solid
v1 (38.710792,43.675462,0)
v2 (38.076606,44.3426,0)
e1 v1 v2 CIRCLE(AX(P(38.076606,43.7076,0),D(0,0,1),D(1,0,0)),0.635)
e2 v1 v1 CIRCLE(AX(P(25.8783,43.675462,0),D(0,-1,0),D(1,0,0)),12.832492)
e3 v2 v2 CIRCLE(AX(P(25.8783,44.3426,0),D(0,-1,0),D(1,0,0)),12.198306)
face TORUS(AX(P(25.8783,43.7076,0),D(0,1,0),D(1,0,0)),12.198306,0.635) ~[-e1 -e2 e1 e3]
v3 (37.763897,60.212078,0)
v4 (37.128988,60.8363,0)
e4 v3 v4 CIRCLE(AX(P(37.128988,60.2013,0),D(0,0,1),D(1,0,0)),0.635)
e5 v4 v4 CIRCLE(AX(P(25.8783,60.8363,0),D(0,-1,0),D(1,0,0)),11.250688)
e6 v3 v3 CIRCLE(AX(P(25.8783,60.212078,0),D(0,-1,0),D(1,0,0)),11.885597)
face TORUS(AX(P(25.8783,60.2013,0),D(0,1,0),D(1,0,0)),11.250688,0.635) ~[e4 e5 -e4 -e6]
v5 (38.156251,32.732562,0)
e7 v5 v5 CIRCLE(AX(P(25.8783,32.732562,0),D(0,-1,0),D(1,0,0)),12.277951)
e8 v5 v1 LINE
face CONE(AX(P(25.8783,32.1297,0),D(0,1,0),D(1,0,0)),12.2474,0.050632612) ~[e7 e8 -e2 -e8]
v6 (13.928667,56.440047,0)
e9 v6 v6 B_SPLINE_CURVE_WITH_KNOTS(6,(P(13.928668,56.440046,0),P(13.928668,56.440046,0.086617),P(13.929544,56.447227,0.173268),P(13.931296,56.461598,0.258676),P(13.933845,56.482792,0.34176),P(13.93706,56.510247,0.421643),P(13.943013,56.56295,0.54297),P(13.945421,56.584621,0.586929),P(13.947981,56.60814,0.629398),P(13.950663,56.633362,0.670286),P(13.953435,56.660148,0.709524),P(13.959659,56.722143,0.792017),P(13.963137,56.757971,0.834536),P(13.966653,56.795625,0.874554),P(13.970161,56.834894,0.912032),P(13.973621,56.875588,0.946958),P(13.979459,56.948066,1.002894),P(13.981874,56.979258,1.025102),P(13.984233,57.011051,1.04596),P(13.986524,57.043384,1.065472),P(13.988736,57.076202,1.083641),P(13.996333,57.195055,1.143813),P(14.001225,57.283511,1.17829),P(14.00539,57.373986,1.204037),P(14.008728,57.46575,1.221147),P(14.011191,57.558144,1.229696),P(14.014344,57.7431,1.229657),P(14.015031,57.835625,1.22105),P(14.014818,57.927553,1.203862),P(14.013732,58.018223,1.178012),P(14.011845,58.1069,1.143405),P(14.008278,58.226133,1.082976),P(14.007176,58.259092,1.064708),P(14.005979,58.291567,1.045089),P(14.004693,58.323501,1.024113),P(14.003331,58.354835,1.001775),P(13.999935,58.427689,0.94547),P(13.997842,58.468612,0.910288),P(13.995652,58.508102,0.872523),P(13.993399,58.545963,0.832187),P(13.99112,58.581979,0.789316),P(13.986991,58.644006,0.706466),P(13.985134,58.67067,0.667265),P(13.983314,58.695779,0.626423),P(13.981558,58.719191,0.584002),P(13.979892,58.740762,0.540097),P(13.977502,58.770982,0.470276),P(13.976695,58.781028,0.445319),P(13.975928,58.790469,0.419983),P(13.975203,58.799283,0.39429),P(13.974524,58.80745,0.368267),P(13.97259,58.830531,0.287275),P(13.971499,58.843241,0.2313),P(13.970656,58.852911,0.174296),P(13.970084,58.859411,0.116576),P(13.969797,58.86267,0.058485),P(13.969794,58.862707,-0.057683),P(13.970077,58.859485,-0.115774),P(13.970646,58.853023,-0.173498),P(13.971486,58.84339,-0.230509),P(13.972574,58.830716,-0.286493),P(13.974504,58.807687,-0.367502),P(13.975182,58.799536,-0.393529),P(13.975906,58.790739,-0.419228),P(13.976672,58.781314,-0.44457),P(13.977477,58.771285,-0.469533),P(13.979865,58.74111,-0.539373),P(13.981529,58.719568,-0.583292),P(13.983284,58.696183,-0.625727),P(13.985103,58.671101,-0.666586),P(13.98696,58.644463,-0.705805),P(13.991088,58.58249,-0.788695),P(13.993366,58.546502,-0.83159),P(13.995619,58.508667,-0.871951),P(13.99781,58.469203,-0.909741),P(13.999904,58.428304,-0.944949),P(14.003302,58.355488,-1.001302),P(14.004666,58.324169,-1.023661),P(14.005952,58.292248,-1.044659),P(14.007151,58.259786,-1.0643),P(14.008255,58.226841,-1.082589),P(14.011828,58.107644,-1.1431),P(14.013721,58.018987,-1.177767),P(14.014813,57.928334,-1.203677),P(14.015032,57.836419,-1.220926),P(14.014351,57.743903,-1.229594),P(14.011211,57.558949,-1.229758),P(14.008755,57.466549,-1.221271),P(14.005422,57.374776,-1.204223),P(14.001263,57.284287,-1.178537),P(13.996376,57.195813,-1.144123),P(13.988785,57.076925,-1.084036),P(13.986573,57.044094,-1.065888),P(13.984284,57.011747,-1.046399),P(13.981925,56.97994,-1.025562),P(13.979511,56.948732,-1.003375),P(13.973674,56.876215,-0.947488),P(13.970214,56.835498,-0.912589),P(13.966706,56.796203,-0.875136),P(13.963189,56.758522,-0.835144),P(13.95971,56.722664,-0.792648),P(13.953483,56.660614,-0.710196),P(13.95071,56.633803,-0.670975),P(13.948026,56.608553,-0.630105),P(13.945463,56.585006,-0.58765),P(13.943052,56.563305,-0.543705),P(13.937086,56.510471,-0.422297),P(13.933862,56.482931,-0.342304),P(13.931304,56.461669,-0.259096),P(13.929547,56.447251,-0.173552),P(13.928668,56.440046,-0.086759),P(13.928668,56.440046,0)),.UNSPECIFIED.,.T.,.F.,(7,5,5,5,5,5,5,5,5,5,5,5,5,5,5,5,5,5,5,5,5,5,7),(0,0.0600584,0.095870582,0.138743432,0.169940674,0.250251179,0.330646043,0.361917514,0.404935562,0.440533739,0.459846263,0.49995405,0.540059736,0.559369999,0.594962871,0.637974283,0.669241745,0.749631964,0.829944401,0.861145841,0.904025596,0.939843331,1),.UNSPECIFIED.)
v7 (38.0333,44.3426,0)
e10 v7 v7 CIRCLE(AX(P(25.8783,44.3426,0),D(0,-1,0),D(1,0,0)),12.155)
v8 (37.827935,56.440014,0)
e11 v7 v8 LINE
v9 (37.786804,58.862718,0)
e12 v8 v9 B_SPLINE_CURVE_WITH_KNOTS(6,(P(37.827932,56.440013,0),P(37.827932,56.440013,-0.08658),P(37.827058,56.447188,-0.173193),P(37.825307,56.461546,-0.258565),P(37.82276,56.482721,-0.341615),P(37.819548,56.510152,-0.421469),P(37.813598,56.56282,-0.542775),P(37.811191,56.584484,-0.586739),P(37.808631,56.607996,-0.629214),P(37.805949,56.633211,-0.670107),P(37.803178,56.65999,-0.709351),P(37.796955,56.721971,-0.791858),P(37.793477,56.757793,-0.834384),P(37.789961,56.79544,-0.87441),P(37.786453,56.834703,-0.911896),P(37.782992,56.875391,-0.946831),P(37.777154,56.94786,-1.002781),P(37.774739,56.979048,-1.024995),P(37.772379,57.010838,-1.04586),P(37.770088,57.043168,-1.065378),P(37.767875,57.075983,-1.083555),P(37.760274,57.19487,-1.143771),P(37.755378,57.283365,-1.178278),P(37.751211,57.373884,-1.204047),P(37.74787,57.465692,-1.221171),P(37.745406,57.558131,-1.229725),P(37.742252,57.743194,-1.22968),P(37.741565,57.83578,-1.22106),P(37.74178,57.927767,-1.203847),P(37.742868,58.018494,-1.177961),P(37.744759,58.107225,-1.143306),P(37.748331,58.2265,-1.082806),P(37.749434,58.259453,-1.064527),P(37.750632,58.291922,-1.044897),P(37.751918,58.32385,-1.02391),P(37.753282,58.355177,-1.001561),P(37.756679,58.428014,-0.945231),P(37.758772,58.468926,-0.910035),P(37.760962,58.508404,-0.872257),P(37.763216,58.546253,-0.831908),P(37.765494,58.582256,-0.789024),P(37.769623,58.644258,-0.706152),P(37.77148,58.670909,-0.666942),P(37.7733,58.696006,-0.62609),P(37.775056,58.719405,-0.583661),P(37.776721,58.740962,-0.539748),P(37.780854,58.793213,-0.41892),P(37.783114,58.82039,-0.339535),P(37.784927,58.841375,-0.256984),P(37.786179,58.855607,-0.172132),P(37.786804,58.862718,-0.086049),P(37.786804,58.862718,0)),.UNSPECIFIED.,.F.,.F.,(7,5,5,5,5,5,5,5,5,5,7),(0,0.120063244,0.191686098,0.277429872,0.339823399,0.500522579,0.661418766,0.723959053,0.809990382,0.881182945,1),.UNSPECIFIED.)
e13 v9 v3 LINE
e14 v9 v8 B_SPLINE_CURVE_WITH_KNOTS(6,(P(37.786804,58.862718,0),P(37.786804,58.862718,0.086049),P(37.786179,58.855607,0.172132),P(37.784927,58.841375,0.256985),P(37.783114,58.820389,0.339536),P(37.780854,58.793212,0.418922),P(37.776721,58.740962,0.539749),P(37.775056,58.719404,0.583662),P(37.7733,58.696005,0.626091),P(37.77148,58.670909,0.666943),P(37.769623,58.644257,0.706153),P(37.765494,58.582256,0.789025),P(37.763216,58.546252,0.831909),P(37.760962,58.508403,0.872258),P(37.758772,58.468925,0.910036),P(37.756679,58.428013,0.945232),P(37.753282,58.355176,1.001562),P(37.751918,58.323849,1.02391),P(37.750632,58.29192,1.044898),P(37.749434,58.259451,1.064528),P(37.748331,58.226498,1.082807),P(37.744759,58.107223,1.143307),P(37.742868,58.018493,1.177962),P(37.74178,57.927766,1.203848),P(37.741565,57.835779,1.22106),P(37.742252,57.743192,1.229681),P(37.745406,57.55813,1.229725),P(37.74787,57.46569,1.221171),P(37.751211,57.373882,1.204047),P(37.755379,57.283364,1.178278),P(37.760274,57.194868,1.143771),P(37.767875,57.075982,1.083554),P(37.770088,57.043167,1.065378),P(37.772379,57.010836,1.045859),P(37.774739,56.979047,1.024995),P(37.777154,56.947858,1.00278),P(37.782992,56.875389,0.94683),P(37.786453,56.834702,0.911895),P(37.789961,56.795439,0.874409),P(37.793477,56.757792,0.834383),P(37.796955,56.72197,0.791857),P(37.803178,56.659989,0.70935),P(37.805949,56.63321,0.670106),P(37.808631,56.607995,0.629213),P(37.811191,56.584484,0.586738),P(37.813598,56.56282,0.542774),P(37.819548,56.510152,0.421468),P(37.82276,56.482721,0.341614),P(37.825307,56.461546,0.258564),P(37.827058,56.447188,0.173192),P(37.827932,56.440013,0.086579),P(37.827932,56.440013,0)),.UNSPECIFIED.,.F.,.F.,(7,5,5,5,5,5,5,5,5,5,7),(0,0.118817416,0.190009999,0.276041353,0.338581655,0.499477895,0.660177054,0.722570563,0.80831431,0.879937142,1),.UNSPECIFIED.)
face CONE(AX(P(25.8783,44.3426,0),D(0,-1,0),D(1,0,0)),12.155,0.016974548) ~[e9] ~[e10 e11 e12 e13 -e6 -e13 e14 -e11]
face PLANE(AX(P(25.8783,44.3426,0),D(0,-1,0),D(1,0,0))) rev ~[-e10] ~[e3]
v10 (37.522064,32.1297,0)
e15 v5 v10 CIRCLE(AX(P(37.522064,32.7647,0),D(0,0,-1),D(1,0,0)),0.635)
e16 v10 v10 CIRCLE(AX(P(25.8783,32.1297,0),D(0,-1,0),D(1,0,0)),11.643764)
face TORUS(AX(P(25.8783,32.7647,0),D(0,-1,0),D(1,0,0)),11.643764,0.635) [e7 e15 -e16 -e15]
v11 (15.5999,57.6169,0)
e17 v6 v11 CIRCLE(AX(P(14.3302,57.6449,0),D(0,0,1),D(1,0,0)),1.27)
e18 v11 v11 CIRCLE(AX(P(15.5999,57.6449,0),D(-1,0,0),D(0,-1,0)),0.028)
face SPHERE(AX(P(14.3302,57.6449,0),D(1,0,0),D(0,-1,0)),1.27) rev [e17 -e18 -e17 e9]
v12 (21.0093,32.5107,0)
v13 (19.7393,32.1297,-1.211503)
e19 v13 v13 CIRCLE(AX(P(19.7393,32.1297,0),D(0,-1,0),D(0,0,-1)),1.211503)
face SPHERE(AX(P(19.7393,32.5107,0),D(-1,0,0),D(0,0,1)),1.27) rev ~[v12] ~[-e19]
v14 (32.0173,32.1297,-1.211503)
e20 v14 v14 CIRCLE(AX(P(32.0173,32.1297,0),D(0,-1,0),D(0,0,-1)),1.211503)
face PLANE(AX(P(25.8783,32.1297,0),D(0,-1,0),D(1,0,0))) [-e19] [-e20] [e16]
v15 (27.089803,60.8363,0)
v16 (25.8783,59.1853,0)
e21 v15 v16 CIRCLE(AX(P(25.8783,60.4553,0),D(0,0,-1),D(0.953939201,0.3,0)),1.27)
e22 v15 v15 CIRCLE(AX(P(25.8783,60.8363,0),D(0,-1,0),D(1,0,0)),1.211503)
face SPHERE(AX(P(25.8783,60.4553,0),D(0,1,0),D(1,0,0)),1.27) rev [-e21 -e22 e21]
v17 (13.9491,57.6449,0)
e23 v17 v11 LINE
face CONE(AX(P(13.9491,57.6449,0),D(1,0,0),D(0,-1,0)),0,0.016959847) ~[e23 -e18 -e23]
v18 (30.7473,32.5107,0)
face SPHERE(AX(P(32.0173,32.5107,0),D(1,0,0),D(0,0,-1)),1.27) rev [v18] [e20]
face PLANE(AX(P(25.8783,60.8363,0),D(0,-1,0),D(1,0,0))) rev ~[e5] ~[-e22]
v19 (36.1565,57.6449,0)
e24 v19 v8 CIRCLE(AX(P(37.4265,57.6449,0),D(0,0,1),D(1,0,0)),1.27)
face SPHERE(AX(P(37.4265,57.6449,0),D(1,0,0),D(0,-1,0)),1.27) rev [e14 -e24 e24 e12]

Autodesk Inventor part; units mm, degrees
ref_plane "YZ Plane" through (0, 0, 0) normal (1, 0, 0) x (0, 1, 0)
ref_plane "XZ Plane" through (0, 0, 0) normal (0, 1, 0) x (-1, 0, 0)
sketch "Sketch1" plane through (0, 0, 0) normal (0, 0, 1) x (1, 0, 0)
  line L0 (3.6486, 85.3502) -> (47.5906, 85.3502) construction
  line L1 (47.5906, 85.3502) -> (47.5906, 3.7437) construction
  line L2 (47.5906, 3.7437) -> (3.6486, 3.7437) construction
  line L3 (3.6486, 3.7437) -> (3.6486, 85.3502) construction
  line L4 (38.1257, 32.1297) -> (38.7446, 44.3426)
  line L5 (38.0333, 44.3426) -> (37.7533, 60.8363)
  line L6 (25.8783, 44.547) -> (25.8783, 32.1297)
  line L7 (25.8783, 60.8363) -> (25.8783, 44.547)
  line L8 (38.1257, 32.1297) -> (25.8783, 32.1297)
  line L9 (37.7533, 60.8363) -> (25.8783, 60.8363)
  line L10 (38.7446, 44.3426) -> (25.8783, 44.3426)
  circle A0 centre (25.8783, 60.4553) radius 1.27
  point P0 (0, 0)
  point P1 (27.0898, 60.8363)
  point P2 (25.8783, 59.1853)
  dimension "d4" = 43.942
  dimension "d25" = 0.7112
  dimension "d37" = 2.54
  dimension "d43" = 0.381
revolve "Revolution2" add sketch "Sketch1" angle 360 about axis through (25.8783, 60.8363, 0) along (0, -1, 0) contours L8 L6 L10 L4 | L10 L6 L7 A0 L9 L5
fillet "Fillet1" radius 0.635 1 edges at (13.012, 44.3426, 0)
fillet "Fillet2" radius 0.635 1 edges at (13.631, 32.1297, 0)
fillet "Fillet3" radius 0.635 1 edges at (14.0033, 60.8363, 0)
ref_plane "Work Plane1" through (25.8783, 32.5107, 0) normal (0, -1, 0) x (1, 0, 0)
sketch "Sketch4" plane through (25.8783, 32.5107, 0) normal (0, -1, 0) x (1, 0, 0)
  line L0 (0, 0) -> (-12.2779, 0)
  circle A0 centre (0, 0) radius 12.2779 projected
  circle A1 centre (-6.139, 0) radius 1.27
  line L1 (0, 0) -> (12.2779, 0)
  circle A2 centre (6.139, 0) radius 1.27
  point P0 (-25.8783, 0)
  point P1 (-7.409, 0)
  point P2 (-4.869, 0)
  point P3 (7.409, 0)
  point P4 (4.869, 0)
  dimension "d49" = 2.54
revolve "Revolution4" cut sketch "Sketch4" angle 360 about axis through (25.8783, 32.5107, 0) along (-1, 0, 0) picked at (-5.8098, 0.382) picked at (5.7642, -0.1967) contours L0 A1 | L1 A2
sketch "Sketch6" plane through (0, 0, 0) normal (0, 0, 1) x (1, 0, 0)
  line L0 (37.7639, 60.2121) -> (38.0333, 44.3426) projected
  circle A0 centre (37.4265, 57.6449) radius 1.27
  line L1 (37.8075, 57.6449) -> (36.1565, 57.6449)
  line L2 (24.6668, 60.8363) -> (27.0898, 60.8363) projected
  line L3 (25.8783, 60.8363) -> (25.8783, 44.3426)
  line L4 (13.68, 44.3426) -> (38.0766, 44.3426) projected
  circle A1 centre (14.3302, 57.6449) radius 1.27
  line L5 (37.4265, 57.6449) -> (31.6244, 57.6449)
  line L6 (13.9927, 60.2121) -> (13.7233, 44.3426) projected
  line L7 (13.9233, 56.1237) -> (13.9834, 59.6649)
  line L8 (13.9491, 57.6449) -> (15.5999, 57.6169)
  point P0 (0, 0)
  point P1 (37.8109, 57.4453)
  point P2 (37.828, 56.4401)
  point P3 (13.9287, 56.4401)
  dimension "d55" = 2.54
  dimension "d56" = 0.381
  dimension "d57" = 0.381
revolve "Revolution5" cut sketch "Sketch6" angle 360 about axis through (37.4265, 57.6449, 0) along (-1, 0, 0) picked at (15.036, 57.5284) picked at (37.6873, 57.2433) contours L6 L8 A1 | L0 A0 L1
properties part number "Body_3DPrint"
